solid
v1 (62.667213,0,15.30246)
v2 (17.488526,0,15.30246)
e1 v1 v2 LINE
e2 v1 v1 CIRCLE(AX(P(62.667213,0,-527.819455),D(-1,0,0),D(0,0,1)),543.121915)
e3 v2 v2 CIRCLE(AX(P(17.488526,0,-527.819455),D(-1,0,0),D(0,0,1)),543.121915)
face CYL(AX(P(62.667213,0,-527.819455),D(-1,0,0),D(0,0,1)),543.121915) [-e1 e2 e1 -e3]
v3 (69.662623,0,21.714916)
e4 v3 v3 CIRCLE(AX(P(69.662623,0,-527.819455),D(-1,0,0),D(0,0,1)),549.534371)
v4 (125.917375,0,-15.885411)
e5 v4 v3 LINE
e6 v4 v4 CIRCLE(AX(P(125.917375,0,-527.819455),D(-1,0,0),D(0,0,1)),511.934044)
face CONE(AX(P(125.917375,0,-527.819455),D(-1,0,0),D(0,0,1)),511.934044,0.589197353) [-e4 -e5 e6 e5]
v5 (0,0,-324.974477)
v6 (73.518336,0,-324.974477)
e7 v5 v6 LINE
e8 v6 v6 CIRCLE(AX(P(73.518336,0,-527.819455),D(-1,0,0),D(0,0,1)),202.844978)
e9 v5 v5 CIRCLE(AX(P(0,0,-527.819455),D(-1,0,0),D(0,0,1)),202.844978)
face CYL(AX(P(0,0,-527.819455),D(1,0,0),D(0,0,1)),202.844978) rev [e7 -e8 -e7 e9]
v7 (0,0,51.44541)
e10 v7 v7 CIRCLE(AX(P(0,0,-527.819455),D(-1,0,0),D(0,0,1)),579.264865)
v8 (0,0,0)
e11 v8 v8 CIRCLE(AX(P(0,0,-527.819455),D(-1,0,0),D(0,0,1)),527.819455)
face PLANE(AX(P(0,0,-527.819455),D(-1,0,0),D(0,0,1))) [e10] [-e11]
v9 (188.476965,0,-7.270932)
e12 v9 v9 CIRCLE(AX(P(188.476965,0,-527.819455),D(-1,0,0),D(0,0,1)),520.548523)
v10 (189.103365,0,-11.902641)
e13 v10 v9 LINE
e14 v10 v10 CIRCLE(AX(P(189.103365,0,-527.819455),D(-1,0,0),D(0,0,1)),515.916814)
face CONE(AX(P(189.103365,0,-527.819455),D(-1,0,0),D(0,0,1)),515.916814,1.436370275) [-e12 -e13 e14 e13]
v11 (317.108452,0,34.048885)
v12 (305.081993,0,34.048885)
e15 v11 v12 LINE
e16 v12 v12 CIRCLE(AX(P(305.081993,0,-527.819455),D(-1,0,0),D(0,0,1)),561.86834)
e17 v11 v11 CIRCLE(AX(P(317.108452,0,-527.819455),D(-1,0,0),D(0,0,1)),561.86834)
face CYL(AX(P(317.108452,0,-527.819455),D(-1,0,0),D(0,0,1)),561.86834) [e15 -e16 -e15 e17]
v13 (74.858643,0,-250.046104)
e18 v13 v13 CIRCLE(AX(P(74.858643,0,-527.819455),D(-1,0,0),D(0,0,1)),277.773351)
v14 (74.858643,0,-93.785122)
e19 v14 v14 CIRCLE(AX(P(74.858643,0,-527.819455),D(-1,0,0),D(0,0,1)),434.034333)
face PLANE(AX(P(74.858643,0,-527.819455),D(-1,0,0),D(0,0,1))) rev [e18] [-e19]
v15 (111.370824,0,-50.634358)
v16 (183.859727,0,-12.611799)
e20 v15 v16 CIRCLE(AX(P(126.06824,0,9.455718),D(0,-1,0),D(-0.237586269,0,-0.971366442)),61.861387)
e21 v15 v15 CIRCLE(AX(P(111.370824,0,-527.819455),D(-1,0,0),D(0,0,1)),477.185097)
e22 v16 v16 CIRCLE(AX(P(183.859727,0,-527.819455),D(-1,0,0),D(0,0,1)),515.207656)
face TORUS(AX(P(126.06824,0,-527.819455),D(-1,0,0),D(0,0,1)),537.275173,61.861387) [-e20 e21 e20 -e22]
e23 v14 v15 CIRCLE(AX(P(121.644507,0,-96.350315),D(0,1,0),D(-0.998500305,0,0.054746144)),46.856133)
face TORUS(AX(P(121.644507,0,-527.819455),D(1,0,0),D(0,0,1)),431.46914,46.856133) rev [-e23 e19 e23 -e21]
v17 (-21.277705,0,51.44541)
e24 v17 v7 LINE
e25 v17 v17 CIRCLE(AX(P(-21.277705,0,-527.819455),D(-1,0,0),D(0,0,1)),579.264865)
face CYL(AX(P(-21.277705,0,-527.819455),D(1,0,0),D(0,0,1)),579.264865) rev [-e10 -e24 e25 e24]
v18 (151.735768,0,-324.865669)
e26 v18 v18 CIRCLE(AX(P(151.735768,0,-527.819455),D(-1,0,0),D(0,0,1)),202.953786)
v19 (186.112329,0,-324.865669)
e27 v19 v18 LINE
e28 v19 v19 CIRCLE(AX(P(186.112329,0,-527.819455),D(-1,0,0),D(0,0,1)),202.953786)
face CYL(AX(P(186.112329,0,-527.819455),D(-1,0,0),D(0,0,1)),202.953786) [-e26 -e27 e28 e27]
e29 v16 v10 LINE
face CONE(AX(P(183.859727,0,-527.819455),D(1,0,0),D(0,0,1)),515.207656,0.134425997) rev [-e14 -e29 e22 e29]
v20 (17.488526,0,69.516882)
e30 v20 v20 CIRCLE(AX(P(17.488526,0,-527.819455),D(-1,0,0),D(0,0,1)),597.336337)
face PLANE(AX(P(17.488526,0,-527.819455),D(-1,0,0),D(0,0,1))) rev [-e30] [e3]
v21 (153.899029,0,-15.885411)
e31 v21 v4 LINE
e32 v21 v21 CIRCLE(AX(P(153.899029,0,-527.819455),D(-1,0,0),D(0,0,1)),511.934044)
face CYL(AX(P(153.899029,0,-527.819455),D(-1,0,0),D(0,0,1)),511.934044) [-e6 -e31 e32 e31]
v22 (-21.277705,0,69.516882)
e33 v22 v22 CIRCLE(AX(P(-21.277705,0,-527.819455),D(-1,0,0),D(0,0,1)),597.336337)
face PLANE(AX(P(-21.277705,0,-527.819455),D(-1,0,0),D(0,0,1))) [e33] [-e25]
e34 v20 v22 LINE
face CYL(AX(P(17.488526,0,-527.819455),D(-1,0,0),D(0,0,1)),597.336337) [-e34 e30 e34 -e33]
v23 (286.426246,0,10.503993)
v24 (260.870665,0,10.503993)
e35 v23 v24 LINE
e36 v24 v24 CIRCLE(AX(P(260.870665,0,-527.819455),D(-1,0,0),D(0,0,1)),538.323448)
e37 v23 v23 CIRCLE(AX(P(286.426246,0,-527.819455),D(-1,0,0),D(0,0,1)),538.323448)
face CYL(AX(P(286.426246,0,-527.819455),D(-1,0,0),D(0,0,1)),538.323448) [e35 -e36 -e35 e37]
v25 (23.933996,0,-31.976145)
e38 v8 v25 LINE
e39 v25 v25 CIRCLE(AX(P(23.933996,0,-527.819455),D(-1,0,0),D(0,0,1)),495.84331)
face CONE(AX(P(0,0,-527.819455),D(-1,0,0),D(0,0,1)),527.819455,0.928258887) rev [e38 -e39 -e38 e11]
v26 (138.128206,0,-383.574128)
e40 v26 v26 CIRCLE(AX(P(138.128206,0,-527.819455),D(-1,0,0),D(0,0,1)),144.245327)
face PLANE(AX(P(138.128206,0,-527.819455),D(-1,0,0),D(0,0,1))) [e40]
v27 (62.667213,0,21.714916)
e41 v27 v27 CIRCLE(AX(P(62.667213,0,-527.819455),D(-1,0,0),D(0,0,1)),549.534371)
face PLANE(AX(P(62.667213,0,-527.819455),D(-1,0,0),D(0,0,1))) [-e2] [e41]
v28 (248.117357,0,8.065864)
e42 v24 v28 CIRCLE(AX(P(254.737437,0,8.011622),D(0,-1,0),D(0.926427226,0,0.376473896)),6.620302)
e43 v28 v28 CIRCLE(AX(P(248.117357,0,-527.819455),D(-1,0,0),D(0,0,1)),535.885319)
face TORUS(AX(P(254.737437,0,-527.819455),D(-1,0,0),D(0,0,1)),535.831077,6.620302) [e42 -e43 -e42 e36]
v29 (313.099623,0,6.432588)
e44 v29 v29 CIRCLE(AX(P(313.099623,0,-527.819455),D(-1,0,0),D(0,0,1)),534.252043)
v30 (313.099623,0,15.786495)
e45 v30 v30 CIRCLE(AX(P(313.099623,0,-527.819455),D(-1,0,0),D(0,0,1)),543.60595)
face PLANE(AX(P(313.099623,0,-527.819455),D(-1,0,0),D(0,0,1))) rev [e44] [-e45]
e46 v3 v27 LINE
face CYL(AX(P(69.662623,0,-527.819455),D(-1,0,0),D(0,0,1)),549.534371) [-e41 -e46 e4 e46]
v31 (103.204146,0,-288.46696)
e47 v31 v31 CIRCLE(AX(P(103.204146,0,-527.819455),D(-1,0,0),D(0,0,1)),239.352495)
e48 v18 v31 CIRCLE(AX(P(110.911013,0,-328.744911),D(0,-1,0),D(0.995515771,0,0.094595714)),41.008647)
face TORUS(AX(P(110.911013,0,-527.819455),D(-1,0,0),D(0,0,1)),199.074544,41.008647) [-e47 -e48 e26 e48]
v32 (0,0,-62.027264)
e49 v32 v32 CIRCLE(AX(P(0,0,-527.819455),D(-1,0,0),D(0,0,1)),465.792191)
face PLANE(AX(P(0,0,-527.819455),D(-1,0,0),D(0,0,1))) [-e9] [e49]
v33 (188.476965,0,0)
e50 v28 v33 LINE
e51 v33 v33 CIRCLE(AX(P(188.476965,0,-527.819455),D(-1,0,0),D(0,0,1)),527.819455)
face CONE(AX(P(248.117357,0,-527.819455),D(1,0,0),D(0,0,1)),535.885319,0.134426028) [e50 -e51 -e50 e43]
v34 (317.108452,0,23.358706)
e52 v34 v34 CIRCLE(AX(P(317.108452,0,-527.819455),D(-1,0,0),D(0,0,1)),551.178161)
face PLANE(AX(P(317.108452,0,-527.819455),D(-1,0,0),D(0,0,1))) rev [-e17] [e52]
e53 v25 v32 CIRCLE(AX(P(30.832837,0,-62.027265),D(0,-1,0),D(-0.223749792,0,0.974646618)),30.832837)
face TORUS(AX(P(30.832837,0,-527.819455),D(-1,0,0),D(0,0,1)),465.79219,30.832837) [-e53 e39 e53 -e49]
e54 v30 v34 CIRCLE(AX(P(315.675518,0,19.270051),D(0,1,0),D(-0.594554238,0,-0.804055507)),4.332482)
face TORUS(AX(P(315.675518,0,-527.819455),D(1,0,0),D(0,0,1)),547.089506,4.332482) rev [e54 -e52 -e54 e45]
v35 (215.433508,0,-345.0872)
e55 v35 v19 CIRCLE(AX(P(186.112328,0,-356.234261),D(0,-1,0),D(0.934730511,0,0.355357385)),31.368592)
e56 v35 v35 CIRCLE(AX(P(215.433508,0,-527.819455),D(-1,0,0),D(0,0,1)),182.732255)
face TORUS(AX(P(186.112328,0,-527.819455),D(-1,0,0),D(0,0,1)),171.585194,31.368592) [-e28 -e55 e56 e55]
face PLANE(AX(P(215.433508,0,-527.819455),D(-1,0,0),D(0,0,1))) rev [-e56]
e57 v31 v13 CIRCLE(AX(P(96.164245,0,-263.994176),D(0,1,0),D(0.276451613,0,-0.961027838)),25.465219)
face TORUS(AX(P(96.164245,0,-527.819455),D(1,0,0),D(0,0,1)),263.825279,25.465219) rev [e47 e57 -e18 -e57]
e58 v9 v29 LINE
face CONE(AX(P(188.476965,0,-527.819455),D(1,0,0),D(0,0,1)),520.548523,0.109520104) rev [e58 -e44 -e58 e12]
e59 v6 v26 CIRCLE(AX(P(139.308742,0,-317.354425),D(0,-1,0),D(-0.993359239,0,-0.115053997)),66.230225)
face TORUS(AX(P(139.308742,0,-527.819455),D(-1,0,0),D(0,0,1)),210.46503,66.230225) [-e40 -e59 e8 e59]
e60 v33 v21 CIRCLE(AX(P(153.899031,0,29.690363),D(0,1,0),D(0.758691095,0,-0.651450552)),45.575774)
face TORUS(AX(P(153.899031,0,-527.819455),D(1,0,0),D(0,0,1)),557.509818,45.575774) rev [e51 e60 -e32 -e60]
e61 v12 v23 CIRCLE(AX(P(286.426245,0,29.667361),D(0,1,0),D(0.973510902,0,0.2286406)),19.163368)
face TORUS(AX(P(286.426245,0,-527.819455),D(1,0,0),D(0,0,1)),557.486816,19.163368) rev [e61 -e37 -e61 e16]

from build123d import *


with BuildPart() as f1:
    # F0 (on Front) → F1 (revolve)
    with BuildSketch(Plane.XZ):
        with BuildLine():
            Line((0, 51.44541), (0, 0))
            Line((0, 0), (23.933996, -31.976145))
            ThreePointArc((23.933996, -31.976145), (6.714642, -42.818504), (0, -62.027264))
            Line((0, -62.027264), (0, -324.974477))
            Line((0, -324.974477), (73.518336, -324.974477))
            ThreePointArc((73.518336, -324.974477), (94.814287, -366.412413), (138.128206, -383.574128))
            Line((138.128206, -383.574128), (138.128206, -527.819455))
            Line((138.128206, -527.819455), (215.433508, -527.819455))
            Line((215.433508, -527.819455), (215.433508, -345.0872))
            ThreePointArc((215.433508, -345.0872), (203.921329, -330.411247), (186.112329, -324.865669))
            Line((186.112329, -324.865669), (151.735768, -324.865669))
            ThreePointArc((151.735768, -324.865669), (135.516198, -295.937991), (103.204146, -288.46696))
            ThreePointArc((103.204146, -288.46696), (75.672342, -279.112353), (74.858643, -250.046104))
            Line((74.858643, -250.046104), (74.858643, -93.785122))
            ThreePointArc((74.858643, -93.785122), (85.875175, -66.083961), (111.370824, -50.634358))
            ThreePointArc((111.370824, -50.634358), (154.803297, -45.326832), (183.859727, -12.611799))
            Line((183.859727, -12.611799), (189.103365, -11.902641))
            Line((189.103365, -11.902641), (188.476965, -7.270932))
            Line((188.476965, -7.270932), (313.099623, 6.432588))
            Line((313.099623, 6.432588), (313.099623, 15.786495))
            ThreePointArc((313.099623, 15.786495), (311.846526, 21.297171), (317.108452, 23.358706))
            Line((317.108452, 23.358706), (317.108452, 34.048885))
            Line((317.108452, 34.048885), (305.081993, 34.048885))
            ThreePointArc((305.081993, 34.048885), (301.446223, 17.766313), (286.426246, 10.503993))
            Line((286.426246, 10.503993), (260.870665, 10.503993))
            ThreePointArc((260.870665, 10.503993), (253.494306, 14.514162), (248.117357, 8.065864))
            Line((248.117357, 8.065864), (188.476965, 0))
            ThreePointArc((188.476965, 0), (172.925195, -11.724082), (153.899029, -15.885411))
            Line((153.899029, -15.885411), (125.917375, -15.885411))
            Line((125.917375, -15.885411), (69.662623, 21.714916))
            Line((69.662623, 21.714916), (62.667213, 21.714916))
            Line((62.667213, 21.714916), (62.667213, 15.30246))
            Line((62.667213, 15.30246), (17.488526, 15.30246))
            Line((17.488526, 15.30246), (17.488526, 69.516882))
            Line((17.488526, 69.516882), (-21.277705, 69.516882))
            Line((-21.277705, 69.516882), (-21.277705, 51.44541))
            Line((-21.277705, 51.44541), (0, 51.44541))
        make_face()
    revolve(axis=Axis((176.780857, 0, -527.819455), (-1, 0, 0)))


solid = f1.part
